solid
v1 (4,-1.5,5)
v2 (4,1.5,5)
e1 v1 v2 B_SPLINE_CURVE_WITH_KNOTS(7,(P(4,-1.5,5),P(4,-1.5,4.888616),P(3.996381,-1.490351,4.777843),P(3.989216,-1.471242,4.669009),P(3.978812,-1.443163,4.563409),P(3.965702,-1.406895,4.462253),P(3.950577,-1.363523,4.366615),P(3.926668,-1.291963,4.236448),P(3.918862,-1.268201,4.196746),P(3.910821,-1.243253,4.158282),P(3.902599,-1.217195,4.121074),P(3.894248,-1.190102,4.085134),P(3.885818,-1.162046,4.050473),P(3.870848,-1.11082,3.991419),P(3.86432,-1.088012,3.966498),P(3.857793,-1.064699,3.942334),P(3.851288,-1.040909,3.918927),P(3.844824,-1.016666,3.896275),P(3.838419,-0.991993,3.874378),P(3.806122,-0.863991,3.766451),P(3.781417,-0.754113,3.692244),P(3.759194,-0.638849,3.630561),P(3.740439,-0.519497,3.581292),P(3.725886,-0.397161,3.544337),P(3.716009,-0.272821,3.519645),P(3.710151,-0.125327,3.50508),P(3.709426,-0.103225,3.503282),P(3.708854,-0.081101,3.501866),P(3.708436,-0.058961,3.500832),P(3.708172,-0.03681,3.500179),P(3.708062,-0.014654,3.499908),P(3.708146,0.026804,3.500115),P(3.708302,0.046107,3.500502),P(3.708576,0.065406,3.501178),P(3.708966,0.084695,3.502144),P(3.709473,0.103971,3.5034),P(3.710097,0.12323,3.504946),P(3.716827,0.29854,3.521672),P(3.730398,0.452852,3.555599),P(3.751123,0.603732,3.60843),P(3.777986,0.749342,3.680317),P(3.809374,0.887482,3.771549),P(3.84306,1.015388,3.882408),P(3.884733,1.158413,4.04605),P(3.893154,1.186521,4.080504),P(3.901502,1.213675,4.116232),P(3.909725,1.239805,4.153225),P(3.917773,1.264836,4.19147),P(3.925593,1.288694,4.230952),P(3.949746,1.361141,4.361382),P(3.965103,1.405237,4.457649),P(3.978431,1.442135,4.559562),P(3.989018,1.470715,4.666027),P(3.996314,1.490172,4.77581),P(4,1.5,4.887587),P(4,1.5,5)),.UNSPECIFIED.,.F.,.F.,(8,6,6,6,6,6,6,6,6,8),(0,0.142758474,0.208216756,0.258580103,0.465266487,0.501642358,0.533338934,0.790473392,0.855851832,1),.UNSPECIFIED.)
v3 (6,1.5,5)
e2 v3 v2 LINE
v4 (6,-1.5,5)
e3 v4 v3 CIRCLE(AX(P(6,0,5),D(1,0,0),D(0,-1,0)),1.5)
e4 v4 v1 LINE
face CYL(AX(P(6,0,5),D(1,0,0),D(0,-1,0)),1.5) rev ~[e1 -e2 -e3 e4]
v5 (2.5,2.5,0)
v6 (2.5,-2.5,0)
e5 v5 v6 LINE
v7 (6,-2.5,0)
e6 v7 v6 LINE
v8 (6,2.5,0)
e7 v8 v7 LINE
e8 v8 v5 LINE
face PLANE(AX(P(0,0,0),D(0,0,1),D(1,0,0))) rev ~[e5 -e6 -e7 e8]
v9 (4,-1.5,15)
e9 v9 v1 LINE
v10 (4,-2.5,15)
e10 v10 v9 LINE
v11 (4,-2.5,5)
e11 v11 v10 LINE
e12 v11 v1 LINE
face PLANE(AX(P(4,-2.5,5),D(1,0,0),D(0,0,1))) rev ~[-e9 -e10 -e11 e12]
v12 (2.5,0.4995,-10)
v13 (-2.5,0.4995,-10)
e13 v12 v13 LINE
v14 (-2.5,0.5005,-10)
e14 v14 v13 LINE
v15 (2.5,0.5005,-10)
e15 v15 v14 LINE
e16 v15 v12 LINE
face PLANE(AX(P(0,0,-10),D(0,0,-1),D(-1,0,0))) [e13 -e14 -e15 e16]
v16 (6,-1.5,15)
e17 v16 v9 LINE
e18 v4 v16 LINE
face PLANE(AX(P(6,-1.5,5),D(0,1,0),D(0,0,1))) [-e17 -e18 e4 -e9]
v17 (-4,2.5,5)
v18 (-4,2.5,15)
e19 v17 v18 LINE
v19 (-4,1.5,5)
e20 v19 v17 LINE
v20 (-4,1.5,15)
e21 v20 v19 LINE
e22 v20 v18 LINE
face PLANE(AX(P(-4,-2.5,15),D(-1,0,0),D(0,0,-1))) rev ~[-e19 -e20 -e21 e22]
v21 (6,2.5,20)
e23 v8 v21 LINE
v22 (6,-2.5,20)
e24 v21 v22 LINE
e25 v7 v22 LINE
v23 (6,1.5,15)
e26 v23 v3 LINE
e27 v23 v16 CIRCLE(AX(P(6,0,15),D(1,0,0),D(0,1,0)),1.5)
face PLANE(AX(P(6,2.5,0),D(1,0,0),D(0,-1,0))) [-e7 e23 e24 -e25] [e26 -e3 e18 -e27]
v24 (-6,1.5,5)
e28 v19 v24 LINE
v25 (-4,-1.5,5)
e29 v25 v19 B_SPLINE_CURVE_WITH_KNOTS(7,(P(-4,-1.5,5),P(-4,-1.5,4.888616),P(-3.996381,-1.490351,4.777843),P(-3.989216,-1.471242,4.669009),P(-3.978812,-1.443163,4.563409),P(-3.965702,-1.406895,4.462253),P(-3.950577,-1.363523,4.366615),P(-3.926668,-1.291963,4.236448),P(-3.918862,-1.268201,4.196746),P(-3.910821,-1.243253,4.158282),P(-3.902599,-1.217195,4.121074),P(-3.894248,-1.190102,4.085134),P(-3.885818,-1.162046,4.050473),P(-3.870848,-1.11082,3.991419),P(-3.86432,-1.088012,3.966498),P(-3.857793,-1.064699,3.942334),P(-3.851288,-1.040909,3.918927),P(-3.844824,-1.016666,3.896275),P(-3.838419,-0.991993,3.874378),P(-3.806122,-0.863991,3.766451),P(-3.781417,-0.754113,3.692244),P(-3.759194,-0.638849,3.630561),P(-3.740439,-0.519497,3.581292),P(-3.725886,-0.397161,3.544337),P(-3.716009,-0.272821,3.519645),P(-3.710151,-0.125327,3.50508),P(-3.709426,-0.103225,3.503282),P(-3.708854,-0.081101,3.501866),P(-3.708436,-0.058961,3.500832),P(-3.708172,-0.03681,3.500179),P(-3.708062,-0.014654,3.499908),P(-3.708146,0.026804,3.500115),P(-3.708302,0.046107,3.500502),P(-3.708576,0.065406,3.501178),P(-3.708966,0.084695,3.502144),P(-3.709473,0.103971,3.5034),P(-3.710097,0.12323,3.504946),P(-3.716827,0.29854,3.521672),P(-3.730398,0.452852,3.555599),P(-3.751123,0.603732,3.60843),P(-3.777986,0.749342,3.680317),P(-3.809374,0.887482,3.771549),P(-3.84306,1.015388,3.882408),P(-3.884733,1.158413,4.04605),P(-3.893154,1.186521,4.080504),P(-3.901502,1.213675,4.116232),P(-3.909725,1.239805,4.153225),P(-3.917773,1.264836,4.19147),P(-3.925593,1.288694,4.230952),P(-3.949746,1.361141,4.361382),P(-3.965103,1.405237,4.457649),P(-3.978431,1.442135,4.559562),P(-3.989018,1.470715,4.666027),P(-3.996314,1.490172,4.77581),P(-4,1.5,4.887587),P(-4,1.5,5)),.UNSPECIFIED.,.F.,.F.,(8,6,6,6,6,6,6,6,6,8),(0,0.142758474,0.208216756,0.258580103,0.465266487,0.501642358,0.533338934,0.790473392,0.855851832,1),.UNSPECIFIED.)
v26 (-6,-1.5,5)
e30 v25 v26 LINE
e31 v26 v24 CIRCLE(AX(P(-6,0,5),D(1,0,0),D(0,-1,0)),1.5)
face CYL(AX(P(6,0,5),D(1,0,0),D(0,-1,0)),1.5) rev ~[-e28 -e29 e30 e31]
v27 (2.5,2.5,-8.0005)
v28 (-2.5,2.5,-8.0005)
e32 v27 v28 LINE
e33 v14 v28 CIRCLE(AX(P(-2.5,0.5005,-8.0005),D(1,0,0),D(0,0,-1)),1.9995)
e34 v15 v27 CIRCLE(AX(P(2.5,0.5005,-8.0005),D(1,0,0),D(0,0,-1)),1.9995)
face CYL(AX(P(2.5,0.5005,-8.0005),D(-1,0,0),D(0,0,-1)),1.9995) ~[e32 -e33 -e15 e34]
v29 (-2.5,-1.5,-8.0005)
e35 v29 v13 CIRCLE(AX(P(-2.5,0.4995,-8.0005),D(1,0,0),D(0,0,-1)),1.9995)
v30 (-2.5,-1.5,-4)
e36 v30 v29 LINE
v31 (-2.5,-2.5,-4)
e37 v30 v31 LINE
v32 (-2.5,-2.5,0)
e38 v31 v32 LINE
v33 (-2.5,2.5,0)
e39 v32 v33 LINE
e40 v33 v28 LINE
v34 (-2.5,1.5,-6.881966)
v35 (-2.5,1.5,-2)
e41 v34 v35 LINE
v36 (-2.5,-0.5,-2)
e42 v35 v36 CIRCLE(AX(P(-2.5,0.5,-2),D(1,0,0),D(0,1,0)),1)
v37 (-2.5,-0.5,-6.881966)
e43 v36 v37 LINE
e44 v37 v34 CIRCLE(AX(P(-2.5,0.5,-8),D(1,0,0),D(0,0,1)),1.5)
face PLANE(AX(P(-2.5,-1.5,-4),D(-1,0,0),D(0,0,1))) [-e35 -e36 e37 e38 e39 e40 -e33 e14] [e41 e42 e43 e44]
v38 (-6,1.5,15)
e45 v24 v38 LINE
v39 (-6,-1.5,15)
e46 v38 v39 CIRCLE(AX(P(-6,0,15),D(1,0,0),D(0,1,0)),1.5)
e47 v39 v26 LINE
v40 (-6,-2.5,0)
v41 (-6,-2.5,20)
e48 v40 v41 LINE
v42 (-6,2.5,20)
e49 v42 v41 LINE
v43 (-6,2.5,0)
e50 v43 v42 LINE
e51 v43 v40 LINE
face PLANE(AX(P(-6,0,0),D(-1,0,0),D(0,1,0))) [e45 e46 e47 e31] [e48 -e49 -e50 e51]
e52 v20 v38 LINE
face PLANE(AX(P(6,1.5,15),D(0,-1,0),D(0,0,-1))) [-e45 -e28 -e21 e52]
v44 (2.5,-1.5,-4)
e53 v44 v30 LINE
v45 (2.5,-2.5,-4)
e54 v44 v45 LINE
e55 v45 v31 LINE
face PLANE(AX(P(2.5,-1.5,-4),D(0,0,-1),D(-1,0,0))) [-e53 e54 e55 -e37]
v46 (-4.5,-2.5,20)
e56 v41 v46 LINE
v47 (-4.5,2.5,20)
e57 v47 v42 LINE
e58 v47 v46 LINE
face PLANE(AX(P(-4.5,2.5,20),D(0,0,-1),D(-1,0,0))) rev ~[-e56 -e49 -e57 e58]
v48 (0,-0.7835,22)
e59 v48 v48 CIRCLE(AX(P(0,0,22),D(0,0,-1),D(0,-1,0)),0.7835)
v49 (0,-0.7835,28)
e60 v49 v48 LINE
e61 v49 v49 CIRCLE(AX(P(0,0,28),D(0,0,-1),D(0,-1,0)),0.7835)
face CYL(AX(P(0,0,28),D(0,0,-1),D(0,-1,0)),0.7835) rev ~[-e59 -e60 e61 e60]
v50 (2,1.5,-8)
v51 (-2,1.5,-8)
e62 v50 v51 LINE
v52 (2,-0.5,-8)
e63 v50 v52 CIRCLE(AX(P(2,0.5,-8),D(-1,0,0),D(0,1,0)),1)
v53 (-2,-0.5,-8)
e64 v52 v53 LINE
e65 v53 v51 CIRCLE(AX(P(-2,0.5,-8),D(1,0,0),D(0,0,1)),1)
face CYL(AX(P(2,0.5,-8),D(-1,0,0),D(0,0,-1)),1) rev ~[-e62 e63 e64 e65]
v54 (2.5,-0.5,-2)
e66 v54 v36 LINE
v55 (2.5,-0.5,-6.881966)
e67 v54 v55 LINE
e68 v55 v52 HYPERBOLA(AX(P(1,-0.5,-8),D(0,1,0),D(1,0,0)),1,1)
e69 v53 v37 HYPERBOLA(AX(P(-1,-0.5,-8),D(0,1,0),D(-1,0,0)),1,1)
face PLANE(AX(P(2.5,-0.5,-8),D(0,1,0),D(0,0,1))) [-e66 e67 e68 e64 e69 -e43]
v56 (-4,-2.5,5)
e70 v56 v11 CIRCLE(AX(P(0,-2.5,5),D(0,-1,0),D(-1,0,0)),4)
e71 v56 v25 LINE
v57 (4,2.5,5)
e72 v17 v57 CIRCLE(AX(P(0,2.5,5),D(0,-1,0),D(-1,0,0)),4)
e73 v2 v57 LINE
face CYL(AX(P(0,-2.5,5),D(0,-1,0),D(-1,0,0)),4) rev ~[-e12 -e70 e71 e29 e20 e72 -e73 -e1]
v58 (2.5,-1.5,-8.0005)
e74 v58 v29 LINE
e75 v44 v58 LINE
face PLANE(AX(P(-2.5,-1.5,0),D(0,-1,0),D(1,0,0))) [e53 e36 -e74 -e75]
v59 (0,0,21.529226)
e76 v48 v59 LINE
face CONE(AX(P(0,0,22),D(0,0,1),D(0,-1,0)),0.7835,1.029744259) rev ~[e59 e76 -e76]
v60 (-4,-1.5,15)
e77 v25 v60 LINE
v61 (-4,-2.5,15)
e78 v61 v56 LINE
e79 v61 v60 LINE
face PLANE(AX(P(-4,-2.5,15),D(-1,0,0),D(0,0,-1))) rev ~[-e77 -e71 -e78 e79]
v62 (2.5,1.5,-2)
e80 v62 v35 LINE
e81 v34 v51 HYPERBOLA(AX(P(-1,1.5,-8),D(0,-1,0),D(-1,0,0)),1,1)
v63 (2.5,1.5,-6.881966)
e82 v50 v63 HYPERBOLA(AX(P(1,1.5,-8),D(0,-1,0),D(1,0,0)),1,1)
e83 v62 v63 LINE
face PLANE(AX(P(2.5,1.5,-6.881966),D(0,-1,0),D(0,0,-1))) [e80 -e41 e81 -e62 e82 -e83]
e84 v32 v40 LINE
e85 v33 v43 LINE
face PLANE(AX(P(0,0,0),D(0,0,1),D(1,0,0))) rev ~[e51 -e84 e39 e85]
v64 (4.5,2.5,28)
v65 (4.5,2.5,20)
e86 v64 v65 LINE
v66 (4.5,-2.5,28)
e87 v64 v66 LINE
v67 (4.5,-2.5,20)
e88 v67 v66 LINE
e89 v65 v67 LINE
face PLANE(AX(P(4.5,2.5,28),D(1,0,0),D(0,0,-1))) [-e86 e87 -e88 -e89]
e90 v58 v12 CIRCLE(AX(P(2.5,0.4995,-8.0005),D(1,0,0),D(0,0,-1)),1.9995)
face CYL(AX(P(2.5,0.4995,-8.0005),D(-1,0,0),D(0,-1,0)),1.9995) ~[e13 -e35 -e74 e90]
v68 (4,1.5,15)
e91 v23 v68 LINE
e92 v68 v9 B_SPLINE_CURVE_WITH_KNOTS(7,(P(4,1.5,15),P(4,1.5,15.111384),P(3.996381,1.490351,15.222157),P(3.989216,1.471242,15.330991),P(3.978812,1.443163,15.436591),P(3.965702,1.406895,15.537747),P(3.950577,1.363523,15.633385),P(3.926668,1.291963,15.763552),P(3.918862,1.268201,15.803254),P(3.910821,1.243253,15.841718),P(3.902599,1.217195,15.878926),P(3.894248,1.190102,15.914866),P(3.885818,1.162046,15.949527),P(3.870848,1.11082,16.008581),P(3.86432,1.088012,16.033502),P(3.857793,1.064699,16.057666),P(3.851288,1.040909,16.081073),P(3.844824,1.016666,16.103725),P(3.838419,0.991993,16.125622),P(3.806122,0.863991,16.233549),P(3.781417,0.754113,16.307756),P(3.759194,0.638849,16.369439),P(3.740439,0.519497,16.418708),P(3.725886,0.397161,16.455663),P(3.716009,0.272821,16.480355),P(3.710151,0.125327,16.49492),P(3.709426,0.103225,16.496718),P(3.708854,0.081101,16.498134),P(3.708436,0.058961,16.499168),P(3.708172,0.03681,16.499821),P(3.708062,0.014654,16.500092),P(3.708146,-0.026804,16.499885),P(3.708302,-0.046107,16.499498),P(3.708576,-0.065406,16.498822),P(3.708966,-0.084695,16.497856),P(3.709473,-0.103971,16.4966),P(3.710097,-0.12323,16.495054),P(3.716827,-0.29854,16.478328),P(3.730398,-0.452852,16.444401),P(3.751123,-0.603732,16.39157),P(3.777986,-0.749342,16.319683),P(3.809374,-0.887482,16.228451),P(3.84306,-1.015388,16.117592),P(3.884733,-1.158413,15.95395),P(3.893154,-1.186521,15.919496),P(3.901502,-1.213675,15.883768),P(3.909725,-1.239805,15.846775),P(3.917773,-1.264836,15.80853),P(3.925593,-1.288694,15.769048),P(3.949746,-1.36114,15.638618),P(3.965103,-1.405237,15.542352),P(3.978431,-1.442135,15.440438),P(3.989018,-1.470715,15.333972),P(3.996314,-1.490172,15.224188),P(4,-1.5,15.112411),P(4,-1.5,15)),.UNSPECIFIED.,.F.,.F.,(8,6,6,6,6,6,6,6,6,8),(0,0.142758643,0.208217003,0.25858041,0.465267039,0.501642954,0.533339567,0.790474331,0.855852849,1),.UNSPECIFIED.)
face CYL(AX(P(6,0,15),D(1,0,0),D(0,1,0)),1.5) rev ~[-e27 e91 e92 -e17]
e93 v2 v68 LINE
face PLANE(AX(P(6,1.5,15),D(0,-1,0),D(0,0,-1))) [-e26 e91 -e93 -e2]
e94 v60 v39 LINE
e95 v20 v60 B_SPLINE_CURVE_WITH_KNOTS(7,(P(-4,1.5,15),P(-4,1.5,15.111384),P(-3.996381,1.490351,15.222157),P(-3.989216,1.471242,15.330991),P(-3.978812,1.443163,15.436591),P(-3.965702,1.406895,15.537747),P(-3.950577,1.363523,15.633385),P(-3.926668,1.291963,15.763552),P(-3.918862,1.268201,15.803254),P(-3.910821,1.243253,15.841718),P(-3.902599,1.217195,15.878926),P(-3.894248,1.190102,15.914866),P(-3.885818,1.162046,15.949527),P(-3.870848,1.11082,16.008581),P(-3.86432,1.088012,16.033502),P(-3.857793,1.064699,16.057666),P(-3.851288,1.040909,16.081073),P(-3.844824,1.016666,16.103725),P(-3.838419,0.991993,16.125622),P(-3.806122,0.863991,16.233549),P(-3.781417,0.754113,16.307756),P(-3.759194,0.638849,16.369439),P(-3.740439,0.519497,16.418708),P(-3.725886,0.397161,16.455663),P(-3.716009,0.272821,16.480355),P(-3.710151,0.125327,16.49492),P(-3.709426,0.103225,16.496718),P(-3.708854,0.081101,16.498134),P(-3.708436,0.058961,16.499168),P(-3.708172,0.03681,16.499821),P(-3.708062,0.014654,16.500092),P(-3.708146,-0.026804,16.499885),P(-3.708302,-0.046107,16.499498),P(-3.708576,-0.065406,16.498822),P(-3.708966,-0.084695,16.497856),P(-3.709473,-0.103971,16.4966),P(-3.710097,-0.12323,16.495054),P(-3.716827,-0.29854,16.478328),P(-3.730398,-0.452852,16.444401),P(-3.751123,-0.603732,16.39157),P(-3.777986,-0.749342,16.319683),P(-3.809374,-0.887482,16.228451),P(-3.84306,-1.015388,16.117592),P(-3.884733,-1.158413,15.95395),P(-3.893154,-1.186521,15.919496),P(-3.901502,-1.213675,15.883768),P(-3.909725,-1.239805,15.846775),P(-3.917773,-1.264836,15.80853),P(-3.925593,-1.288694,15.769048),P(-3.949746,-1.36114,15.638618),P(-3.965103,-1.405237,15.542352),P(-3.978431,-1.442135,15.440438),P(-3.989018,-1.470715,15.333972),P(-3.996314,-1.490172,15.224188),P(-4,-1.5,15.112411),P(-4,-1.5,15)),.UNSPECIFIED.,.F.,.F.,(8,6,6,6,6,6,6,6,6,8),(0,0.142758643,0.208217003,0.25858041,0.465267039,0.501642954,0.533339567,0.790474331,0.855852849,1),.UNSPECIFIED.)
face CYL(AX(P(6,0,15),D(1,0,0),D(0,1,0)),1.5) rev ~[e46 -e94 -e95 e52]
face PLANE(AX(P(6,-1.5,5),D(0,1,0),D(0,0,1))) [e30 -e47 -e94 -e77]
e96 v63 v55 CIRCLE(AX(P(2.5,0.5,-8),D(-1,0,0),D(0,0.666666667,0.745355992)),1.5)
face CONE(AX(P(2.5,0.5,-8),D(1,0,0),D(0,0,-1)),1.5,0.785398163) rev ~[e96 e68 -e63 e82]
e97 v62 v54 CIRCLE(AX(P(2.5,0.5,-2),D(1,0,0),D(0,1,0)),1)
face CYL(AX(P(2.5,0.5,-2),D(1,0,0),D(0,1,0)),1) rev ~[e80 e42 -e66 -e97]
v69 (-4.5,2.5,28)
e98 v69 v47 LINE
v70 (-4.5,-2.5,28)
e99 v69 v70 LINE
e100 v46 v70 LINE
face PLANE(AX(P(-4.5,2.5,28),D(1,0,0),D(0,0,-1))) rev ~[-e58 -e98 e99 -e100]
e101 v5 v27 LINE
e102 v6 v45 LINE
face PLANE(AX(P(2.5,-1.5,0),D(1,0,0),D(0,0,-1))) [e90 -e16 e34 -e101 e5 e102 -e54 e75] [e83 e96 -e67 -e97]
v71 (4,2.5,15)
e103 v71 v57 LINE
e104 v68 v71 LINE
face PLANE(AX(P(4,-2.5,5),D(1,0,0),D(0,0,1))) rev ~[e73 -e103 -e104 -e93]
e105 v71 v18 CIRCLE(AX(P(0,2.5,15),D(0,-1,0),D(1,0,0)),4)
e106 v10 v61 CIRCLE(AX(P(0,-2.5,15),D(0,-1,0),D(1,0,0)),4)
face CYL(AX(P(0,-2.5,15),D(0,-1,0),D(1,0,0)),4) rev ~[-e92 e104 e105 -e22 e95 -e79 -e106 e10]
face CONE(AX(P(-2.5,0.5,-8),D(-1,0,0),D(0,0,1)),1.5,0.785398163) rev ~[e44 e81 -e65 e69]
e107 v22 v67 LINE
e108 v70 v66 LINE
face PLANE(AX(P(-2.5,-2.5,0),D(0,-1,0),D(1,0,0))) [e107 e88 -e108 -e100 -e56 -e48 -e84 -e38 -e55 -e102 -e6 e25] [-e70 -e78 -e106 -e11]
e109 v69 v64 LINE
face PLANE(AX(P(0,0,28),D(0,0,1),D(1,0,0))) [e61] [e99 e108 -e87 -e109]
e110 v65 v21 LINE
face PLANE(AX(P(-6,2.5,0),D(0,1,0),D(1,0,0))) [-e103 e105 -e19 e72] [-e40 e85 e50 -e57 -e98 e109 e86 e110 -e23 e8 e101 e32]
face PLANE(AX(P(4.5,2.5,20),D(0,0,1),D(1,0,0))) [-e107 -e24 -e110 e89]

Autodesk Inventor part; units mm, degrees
ref_plane "YZ Plane" through (0, 0, 0) normal (1, 0, 0) x (0, 1, 0)
ref_plane "XZ Plane" through (0, 0, 0) normal (0, 1, 0) x (-1, 0, 0)
ref_plane "XY Plane" through (0, 0, 0) normal (0, 0, 1) x (1, 0, 0)
sketch "Skizze1" plane through (0, 0, 0) normal (0, 0, 1) x (1, 0, 0)
  line L0 (-8.4, 0) -> (8.4, 0) projected
  line L1 (0, -3.5) -> (0, 3.5) projected
  line L2 (-6, 2.5) -> (6, 2.5)
  line L3 (6, 2.5) -> (6, -2.5)
  line L4 (6, -2.5) -> (-6, -2.5)
  line L5 (-6, -2.5) -> (-6, 2.5)
  point P0 (0, 0)
  dimension "d0" = 12
  dimension "d1" = 5
extrude "Extrusion1" add sketch "Skizze1" along normal blind 28
sketch "Skizze2" plane through (-6, 2.5, 0) normal (0, 1, 0) x (1, 0, 0)
  line L0 (0, -28) -> (1.5, -28)
  line L1 (1.5, -28) -> (1.5, -20)
  line L2 (1.5, -20) -> (0, -20)
  line L3 (0, -20) -> (0, -28)
  line L4 (12, -28) -> (10.5, -28)
  line L5 (10.5, -28) -> (10.5, -20)
  line L6 (10.5, -20) -> (12, -20)
  line L7 (12, -20) -> (12, -28)
  line L8 (-2.4, 0) -> (14.4, 0) projected
  line L9 (6, 5.6) -> (6, -33.6) projected
  point P0 (6, 0)
  dimension "d4" = 9
  dimension "d5" = 8
extrude "Extrusion2" cut sketch "Skizze2" against normal through all
sketch "Skizze3" plane through (0, 0, 0) normal (0, 0, -1) x (-1, 0, 0)
  line L0 (6, 2.5) -> (-6, 2.5) projected
  line L1 (-2.5, 2.5) -> (2.5, 2.5)
  line L2 (2.5, 2.5) -> (2.5, -1.5)
  line L3 (2.5, -1.5) -> (-2.5, -1.5)
  line L4 (-2.5, -1.5) -> (-2.5, 2.5)
  line L5 (8.4, 0) -> (-8.4, 0) projected
  line L6 (0, -3.5) -> (0, 3.5) projected
  point P0 (0, 0)
  dimension "d8" = 5
  dimension "d9" = 4
extrude "Extrusion3" add sketch "Skizze3" along normal blind 10
sketch "Skizze5" plane through (0, 0, 28) normal (0, 0, 1) x (1, 0, 0)
  line L0 (-4.5, 2.5) -> (-4.5, -2.5) projected
  line L1 (-4.5, -2.5) -> (4.5, -2.5) projected
  line L2 (4.5, -2.5) -> (4.5, 2.5) projected
  line L3 (4.5, 2.5) -> (-4.5, 2.5) projected
  line L4 (-4.5, 0) -> (4.5, 0)
  line L5 (0, 2.5) -> (0, -2.5)
  point P0 (0, 0)
  point P1 (0, 0)
hole "Bohrung2" at (0, 0, 28) direction (0, 0, -1) diameter 1.567 depth 6 tip angle 118 thread size "M2x0.4" class "6H" standard "ISO Metric profile"
sketch "Skizze6" plane through (2.5, -1.5, 0) normal (1, 0, 0) x (0, 0, -1)
  line L0 (0, 0) -> (0, 4) projected
  line L1 (10, 4) -> (10, 0) projected
  line L2 (10, 2) -> (0, 2)
  point P0 (0, 1.5)
  point P1 (8, 2)
  dimension "d28" = 2
hole "Bohrung3" at (2.5, 0.5, -8) direction (-1, 0, 0) diameter 2 end through all countersink diameter 3 countersink angle 90
sketch "Skizze7" plane through (2.5, -1.5, 0) normal (1, 0, 0) x (0, 0, -1)
  circle A0 centre (8, 2) radius 1.5 projected
  line L0 (0, 0) -> (0, 4) projected
  line L1 (0, 0) -> (10, 0) projected
  line L2 (10, 4) -> (10, 0) projected
  line L3 (2, 2) -> (8, 2) construction
  line L4 (2, 3) -> (8, 3)
  line L5 (8, 1) -> (2, 1)
  arc A1 (2, 3) -> (2, 1) centre (2, 2) ccw
  arc A2 (8, 1) -> (8, 3) centre (8, 2) ccw
  point P0 (0, 1.5)
  point P1 (5, 2)
  dimension "d36" = 2
  dimension "d37" = 2
  dimension "d38" = 2
extrude "Extrusion4" cut sketch "Skizze7" against normal through all contours L4 A2 L5 A0 | A0 L5 A1 L4 picked at (7.5, 2)
sketch "Skizze8" plane through (-2.5, -1.5, 0) normal (0, -1, 0) x (1, 0, 0)
  line L0 (5, 0) -> (5, -10) projected
  line L1 (0, 0) -> (5, 0)
  line L2 (5, 0) -> (5, -4)
  line L3 (5, -4) -> (0, -4)
  line L4 (0, -4) -> (0, 0)
  point P0 (2.5, 0)
  dimension "d41" = 4
extrude "Extrusion5" add sketch "Skizze8" along normal blind 1
sketch "Skizze9" plane through (-2.5, -2.5, 0) normal (-1, 0, 0) x (0, 0, 1)
  arc A0 (-8, 4) -> (-8, 2) centre (-8, 3) ccw projected
  point P0 (0, 2.5)
hole "Bohrung4" at (-2.5, 0.5, -8) direction (1, 0, 0) diameter 2 end through all countersink diameter 3 countersink angle 90
fillet "Rundung1" radius 2 2 edges at (0, -1.5, -10) (0, 2.5, -10)
sketch "Skizze11" plane through (6, -2.5, 0) normal (1, 0, 0) x (0, 0, -1)
  line L0 (-20, 5) -> (-20, 0) projected
  line L1 (0, 0) -> (-20, 0) projected
  line L2 (0, 5) -> (0, 0) projected
  line L3 (-15, 2.5) -> (-5, 2.5) construction
  line L4 (-15, 4) -> (-5, 4)
  line L5 (-5, 1) -> (-15, 1)
  arc A0 (-15, 4) -> (-15, 1) centre (-15, 2.5) ccw
  arc A1 (-5, 1) -> (-5, 4) centre (-5, 2.5) ccw
  point P0 (0, 2.5)
  point P1 (-10, 2.5)
  dimension "d61" = 3
  dimension "d62" = 2.5
  dimension "d63" = 5
  dimension "d64" = 5
extrude "Extrusion6" cut sketch "Skizze11" against normal through all
sketch "Skizze12" plane through (-4.5, -2.5, 28) normal (0, -1, 0) x (1, 0, 0)
  line L0 (-1.5, -28) -> (-1.5, -8) projected
  line L1 (2, -28) -> (-1.5, -28) projected
  line L2 (10.5, -28) -> (10.5, -8) projected
  line L3 (10.5, -8) -> (9, -8) projected
  line L4 (4.5, -13) -> (4.5, -23) construction
  line L5 (0.5, -13) -> (0.5, -23)
  line L6 (8.5, -23) -> (8.5, -13)
  arc A0 (8.5, -13) -> (0.5, -13) centre (4.5, -13) ccw
  arc A1 (0.5, -23) -> (8.5, -23) centre (4.5, -23) ccw
  point P0 (4.5, -28)
  point P1 (4.5, -18)
  dimension "d67" = 6
  dimension "d68" = 8
  dimension "d69" = 5
  dimension "d70" = 5
extrude "Extrusion7" cut sketch "Skizze12" against normal through all
properties part number "13_1087_004" material "Titan"
